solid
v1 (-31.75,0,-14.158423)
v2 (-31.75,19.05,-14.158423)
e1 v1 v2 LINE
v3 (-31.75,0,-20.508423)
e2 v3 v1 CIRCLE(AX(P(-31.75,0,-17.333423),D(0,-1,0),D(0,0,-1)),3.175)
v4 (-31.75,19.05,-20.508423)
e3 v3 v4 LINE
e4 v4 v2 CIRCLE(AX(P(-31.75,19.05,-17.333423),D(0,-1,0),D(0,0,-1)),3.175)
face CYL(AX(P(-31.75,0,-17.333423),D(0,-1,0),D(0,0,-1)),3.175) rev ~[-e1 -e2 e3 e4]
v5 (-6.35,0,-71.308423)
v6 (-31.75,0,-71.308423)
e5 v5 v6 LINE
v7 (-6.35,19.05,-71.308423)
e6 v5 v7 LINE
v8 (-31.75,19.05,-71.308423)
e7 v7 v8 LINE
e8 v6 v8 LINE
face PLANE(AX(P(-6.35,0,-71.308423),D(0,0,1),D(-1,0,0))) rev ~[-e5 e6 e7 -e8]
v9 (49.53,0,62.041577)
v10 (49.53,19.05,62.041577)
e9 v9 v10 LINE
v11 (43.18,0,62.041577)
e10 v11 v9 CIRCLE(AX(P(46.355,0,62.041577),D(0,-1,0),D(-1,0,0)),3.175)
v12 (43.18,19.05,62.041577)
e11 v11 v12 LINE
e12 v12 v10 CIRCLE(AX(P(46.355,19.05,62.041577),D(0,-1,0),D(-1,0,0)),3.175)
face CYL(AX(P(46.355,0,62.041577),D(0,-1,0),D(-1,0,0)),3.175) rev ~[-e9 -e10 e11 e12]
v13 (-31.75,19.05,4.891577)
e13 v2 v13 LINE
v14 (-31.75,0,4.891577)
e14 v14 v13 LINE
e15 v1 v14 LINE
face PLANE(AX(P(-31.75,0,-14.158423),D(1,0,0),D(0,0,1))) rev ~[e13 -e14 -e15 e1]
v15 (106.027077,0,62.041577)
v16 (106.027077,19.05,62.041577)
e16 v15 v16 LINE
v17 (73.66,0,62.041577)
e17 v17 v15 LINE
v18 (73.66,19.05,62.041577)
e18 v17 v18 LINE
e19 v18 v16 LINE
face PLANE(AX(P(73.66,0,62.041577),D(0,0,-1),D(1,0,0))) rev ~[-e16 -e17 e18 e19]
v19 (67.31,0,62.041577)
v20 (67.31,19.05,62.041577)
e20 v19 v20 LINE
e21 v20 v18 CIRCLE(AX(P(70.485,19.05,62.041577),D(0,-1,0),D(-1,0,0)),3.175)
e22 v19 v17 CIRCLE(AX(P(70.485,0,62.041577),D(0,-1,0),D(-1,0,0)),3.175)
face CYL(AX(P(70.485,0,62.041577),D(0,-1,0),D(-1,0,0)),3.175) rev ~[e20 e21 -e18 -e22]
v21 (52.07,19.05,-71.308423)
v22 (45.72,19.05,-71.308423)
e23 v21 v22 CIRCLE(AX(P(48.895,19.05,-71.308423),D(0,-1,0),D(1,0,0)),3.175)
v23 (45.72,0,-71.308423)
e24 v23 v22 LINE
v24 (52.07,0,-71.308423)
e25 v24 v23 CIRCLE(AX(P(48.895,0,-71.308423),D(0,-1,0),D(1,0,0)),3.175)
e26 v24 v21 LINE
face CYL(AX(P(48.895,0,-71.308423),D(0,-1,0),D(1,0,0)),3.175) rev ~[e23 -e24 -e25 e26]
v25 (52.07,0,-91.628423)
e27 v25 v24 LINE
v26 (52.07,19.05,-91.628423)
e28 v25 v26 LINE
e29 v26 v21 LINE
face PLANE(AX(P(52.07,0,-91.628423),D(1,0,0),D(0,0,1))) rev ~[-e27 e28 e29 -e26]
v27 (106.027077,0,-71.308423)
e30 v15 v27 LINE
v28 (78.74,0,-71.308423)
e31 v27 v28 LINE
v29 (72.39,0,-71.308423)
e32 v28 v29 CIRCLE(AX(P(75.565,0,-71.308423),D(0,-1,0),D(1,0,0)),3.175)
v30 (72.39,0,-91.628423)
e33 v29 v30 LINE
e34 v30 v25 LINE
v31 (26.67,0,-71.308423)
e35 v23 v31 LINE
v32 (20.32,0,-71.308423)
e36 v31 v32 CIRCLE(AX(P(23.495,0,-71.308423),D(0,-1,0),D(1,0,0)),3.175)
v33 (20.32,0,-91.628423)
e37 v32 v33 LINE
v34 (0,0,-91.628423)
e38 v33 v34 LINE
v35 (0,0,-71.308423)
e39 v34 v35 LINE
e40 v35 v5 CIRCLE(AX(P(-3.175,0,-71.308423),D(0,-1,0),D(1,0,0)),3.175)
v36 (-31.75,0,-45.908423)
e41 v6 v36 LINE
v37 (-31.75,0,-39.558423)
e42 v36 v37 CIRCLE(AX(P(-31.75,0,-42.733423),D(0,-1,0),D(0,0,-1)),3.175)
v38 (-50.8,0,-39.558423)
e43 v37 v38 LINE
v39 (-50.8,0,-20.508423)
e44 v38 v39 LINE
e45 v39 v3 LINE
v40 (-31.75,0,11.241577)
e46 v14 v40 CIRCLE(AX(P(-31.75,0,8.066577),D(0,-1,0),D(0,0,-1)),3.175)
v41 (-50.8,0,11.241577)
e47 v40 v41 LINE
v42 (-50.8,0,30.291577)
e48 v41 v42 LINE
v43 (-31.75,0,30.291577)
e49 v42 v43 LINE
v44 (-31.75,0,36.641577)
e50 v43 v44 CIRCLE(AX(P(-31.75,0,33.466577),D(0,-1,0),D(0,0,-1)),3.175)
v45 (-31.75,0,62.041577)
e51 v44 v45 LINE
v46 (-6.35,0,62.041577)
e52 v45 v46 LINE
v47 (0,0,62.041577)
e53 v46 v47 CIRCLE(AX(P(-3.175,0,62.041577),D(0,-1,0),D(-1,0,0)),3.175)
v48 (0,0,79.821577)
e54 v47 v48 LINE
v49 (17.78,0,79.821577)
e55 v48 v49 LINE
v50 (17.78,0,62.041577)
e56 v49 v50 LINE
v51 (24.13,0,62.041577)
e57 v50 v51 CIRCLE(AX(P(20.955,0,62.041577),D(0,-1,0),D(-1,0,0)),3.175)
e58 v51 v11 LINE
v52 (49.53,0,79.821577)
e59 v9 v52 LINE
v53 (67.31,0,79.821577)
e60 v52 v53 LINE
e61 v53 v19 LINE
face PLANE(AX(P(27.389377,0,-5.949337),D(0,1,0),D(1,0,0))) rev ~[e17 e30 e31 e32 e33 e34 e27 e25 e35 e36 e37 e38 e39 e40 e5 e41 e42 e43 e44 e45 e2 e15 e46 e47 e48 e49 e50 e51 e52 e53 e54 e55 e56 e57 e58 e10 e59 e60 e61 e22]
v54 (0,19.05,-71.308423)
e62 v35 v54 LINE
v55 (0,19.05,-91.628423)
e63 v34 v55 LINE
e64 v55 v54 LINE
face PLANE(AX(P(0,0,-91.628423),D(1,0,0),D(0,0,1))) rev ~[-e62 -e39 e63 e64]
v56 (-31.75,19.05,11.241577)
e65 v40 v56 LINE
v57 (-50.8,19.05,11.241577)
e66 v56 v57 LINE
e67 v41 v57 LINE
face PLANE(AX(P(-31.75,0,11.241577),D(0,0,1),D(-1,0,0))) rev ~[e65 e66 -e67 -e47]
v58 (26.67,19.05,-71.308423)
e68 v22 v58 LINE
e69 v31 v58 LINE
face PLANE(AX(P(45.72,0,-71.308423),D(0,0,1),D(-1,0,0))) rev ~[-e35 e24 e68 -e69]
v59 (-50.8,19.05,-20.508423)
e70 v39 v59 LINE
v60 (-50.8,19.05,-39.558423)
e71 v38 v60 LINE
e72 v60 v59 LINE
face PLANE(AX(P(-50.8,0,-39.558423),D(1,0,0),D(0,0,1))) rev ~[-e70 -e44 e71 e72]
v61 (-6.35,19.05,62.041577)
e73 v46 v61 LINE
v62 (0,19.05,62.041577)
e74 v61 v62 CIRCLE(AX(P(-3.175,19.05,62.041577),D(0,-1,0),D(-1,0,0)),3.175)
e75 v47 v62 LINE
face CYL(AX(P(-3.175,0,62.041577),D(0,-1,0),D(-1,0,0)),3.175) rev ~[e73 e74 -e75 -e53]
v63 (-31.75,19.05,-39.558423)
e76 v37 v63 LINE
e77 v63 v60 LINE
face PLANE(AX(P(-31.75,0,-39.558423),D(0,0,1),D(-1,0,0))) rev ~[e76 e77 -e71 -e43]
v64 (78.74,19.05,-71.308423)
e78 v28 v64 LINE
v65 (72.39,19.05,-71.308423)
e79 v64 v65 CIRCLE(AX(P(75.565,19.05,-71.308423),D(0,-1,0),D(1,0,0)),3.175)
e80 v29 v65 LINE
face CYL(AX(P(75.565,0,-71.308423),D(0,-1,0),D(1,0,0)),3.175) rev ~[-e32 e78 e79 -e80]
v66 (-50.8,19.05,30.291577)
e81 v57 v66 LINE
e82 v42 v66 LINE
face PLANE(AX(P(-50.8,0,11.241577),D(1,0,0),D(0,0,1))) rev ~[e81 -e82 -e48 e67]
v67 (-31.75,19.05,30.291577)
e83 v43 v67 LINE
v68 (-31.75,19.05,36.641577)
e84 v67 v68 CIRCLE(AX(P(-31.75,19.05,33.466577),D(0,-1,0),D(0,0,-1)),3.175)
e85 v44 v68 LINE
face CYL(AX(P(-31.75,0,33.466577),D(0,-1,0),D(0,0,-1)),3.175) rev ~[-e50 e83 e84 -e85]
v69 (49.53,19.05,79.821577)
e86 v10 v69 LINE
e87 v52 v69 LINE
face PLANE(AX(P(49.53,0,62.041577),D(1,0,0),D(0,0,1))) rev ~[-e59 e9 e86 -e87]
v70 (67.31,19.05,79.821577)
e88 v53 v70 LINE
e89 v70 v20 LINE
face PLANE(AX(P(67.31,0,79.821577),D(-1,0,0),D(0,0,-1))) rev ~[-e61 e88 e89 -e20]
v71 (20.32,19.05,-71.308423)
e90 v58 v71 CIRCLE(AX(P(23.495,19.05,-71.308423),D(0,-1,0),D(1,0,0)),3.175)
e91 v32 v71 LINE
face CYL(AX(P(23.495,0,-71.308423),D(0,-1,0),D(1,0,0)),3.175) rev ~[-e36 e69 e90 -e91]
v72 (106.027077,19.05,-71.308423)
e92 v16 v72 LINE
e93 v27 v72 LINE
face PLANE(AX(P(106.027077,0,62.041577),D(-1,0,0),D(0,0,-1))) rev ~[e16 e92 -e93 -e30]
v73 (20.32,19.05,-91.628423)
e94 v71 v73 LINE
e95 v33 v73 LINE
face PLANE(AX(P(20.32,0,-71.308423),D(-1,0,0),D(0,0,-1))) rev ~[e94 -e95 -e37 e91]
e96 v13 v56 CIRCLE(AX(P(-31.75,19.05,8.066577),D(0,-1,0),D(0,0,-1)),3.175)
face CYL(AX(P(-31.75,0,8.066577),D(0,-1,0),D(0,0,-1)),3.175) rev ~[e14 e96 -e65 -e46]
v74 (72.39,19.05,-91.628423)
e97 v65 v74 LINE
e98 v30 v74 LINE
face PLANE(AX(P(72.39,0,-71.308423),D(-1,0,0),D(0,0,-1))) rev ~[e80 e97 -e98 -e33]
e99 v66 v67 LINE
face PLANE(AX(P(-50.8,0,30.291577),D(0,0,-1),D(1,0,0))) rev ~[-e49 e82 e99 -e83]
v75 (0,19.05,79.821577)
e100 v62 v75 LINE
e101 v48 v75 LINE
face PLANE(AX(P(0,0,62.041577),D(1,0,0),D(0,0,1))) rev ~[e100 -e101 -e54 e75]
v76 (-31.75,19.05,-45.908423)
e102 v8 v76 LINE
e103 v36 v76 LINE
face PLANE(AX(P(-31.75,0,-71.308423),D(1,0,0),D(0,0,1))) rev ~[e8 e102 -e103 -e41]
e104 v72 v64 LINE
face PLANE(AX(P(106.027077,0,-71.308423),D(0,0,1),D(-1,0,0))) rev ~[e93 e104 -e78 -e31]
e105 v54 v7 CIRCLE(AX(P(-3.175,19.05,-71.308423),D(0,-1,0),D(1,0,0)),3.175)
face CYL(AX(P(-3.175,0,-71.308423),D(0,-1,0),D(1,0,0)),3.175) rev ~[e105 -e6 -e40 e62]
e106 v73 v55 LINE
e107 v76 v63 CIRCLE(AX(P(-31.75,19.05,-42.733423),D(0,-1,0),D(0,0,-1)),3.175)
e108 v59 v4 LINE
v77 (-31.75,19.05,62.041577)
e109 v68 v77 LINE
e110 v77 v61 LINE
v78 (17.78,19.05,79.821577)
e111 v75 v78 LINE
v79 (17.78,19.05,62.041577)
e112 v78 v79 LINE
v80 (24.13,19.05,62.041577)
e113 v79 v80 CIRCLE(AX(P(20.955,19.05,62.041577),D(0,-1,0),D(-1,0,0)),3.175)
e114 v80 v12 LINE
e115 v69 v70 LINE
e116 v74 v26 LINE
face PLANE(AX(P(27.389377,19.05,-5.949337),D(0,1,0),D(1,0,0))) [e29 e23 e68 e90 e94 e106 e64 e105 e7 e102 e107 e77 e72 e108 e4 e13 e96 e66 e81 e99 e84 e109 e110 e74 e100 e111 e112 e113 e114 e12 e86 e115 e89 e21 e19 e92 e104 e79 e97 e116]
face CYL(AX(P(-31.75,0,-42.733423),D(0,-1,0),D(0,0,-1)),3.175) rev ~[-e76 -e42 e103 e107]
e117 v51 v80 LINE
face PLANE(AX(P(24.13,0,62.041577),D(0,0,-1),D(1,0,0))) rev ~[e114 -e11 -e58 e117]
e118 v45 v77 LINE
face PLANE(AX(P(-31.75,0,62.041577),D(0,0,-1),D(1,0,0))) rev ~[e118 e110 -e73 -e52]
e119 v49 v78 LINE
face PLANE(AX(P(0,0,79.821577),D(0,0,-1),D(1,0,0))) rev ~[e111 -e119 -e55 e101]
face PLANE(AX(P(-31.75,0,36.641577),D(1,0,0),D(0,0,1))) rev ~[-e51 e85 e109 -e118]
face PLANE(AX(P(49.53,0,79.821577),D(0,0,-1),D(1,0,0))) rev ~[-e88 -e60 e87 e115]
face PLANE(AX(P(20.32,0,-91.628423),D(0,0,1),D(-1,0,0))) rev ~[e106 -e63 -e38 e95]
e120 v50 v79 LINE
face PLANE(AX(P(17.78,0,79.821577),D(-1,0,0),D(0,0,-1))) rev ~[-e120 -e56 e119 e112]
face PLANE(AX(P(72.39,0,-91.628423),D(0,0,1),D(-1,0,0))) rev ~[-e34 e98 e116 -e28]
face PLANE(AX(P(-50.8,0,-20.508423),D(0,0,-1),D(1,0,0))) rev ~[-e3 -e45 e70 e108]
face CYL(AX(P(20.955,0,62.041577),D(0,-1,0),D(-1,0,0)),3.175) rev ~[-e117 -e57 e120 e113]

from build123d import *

# Parameters (mm, degrees)
BOSS_EXTRUDE1_DEPTH = 19.05


with BuildPart() as part:
    # Sketch1 → Boss-Extrude1 (new body)
    with BuildSketch(Plane(origin=(0, 0, 0), x_dir=(1, 0, 0), z_dir=(0, 1, 0))):
        with BuildLine():
            Line((-31.75, 39.558423237), (-50.8, 39.558423237))
            Line((-50.8, 39.558423237), (-50.8, 20.508423237))
            Line((-50.8, 20.508423237), (-31.75, 20.508423237))
            ThreePointArc((-31.75, 20.508423237), (-28.575, 17.333423237), (-31.75, 14.158423237))
            Line((-31.75, 14.158423237), (-31.75, -4.891576763))
            ThreePointArc((-31.75, -4.891576763), (-28.575, -8.066576763), (-31.75, -11.241576763))
            Line((-31.75, -11.241576763), (-50.8, -11.241576763))
            Line((-50.8, -11.241576763), (-50.8, -30.291576763))
            Line((-50.8, -30.291576763), (-31.75, -30.291576763))
            ThreePointArc((-31.75, -30.291576763), (-28.575, -33.466576763), (-31.75, -36.641576763))
            Line((-31.75, -36.641576763), (-31.75, -62.041576763))
            Line((-31.75, -62.041576763), (-6.35, -62.041576763))
            ThreePointArc((-6.35, -62.041576763), (-3.175, -58.866576763), (0, -62.041576763))
            Line((0, -62.041576763), (0, -79.821576763))
            Line((0, -79.821576763), (17.78, -79.821576763))
            Line((17.78, -79.821576763), (17.78, -62.041576763))
            ThreePointArc((17.78, -62.041576763), (20.955, -58.866576763), (24.13, -62.041576763))
            Line((24.13, -62.041576763), (43.18, -62.041576763))
            ThreePointArc((43.18, -62.041576763), (46.355, -58.866576763), (49.53, -62.041576763))
            Line((49.53, -62.041576763), (49.53, -79.821576763))
            Line((49.53, -79.821576763), (67.31, -79.821576763))
            Line((67.31, -79.821576763), (67.31, -62.041576763))
            ThreePointArc((67.31, -62.041576763), (70.485, -58.866576763), (73.66, -62.041576763))
            Line((73.66, -62.041576763), (106.027076755, -62.041576763))
            Line((106.027076755, -62.041576763), (106.027076755, 71.308423237))
            Line((106.027076755, 71.308423237), (78.74, 71.308423237))
            ThreePointArc((78.74, 71.308423237), (75.565, 68.133423237), (72.39, 71.308423237))
            Line((72.39, 71.308423237), (72.39, 91.628423237))
            Line((72.39, 91.628423237), (52.07, 91.628423237))
            Line((52.07, 91.628423237), (52.07, 71.308423237))
            ThreePointArc((52.07, 71.308423237), (48.895, 68.133423237), (45.72, 71.308423237))
            Line((45.72, 71.308423237), (26.67, 71.308423237))
            ThreePointArc((26.67, 71.308423237), (23.495, 68.133423237), (20.32, 71.308423237))
            Line((20.32, 71.308423237), (20.32, 91.628423237))
            Line((20.32, 91.628423237), (0, 91.628423237))
            Line((0, 91.628423237), (0, 71.308423237))
            ThreePointArc((0, 71.308423237), (-3.175, 68.133423237), (-6.35, 71.308423237))
            Line((-6.35, 71.308423237), (-31.75, 71.308423237))
            Line((-31.75, 71.308423237), (-31.75, 45.908423237))
            ThreePointArc((-31.75, 45.908423237), (-28.575, 42.733423237), (-31.75, 39.558423237))
        make_face()
    extrude(amount=BOSS_EXTRUDE1_DEPTH)


solid = part.part
